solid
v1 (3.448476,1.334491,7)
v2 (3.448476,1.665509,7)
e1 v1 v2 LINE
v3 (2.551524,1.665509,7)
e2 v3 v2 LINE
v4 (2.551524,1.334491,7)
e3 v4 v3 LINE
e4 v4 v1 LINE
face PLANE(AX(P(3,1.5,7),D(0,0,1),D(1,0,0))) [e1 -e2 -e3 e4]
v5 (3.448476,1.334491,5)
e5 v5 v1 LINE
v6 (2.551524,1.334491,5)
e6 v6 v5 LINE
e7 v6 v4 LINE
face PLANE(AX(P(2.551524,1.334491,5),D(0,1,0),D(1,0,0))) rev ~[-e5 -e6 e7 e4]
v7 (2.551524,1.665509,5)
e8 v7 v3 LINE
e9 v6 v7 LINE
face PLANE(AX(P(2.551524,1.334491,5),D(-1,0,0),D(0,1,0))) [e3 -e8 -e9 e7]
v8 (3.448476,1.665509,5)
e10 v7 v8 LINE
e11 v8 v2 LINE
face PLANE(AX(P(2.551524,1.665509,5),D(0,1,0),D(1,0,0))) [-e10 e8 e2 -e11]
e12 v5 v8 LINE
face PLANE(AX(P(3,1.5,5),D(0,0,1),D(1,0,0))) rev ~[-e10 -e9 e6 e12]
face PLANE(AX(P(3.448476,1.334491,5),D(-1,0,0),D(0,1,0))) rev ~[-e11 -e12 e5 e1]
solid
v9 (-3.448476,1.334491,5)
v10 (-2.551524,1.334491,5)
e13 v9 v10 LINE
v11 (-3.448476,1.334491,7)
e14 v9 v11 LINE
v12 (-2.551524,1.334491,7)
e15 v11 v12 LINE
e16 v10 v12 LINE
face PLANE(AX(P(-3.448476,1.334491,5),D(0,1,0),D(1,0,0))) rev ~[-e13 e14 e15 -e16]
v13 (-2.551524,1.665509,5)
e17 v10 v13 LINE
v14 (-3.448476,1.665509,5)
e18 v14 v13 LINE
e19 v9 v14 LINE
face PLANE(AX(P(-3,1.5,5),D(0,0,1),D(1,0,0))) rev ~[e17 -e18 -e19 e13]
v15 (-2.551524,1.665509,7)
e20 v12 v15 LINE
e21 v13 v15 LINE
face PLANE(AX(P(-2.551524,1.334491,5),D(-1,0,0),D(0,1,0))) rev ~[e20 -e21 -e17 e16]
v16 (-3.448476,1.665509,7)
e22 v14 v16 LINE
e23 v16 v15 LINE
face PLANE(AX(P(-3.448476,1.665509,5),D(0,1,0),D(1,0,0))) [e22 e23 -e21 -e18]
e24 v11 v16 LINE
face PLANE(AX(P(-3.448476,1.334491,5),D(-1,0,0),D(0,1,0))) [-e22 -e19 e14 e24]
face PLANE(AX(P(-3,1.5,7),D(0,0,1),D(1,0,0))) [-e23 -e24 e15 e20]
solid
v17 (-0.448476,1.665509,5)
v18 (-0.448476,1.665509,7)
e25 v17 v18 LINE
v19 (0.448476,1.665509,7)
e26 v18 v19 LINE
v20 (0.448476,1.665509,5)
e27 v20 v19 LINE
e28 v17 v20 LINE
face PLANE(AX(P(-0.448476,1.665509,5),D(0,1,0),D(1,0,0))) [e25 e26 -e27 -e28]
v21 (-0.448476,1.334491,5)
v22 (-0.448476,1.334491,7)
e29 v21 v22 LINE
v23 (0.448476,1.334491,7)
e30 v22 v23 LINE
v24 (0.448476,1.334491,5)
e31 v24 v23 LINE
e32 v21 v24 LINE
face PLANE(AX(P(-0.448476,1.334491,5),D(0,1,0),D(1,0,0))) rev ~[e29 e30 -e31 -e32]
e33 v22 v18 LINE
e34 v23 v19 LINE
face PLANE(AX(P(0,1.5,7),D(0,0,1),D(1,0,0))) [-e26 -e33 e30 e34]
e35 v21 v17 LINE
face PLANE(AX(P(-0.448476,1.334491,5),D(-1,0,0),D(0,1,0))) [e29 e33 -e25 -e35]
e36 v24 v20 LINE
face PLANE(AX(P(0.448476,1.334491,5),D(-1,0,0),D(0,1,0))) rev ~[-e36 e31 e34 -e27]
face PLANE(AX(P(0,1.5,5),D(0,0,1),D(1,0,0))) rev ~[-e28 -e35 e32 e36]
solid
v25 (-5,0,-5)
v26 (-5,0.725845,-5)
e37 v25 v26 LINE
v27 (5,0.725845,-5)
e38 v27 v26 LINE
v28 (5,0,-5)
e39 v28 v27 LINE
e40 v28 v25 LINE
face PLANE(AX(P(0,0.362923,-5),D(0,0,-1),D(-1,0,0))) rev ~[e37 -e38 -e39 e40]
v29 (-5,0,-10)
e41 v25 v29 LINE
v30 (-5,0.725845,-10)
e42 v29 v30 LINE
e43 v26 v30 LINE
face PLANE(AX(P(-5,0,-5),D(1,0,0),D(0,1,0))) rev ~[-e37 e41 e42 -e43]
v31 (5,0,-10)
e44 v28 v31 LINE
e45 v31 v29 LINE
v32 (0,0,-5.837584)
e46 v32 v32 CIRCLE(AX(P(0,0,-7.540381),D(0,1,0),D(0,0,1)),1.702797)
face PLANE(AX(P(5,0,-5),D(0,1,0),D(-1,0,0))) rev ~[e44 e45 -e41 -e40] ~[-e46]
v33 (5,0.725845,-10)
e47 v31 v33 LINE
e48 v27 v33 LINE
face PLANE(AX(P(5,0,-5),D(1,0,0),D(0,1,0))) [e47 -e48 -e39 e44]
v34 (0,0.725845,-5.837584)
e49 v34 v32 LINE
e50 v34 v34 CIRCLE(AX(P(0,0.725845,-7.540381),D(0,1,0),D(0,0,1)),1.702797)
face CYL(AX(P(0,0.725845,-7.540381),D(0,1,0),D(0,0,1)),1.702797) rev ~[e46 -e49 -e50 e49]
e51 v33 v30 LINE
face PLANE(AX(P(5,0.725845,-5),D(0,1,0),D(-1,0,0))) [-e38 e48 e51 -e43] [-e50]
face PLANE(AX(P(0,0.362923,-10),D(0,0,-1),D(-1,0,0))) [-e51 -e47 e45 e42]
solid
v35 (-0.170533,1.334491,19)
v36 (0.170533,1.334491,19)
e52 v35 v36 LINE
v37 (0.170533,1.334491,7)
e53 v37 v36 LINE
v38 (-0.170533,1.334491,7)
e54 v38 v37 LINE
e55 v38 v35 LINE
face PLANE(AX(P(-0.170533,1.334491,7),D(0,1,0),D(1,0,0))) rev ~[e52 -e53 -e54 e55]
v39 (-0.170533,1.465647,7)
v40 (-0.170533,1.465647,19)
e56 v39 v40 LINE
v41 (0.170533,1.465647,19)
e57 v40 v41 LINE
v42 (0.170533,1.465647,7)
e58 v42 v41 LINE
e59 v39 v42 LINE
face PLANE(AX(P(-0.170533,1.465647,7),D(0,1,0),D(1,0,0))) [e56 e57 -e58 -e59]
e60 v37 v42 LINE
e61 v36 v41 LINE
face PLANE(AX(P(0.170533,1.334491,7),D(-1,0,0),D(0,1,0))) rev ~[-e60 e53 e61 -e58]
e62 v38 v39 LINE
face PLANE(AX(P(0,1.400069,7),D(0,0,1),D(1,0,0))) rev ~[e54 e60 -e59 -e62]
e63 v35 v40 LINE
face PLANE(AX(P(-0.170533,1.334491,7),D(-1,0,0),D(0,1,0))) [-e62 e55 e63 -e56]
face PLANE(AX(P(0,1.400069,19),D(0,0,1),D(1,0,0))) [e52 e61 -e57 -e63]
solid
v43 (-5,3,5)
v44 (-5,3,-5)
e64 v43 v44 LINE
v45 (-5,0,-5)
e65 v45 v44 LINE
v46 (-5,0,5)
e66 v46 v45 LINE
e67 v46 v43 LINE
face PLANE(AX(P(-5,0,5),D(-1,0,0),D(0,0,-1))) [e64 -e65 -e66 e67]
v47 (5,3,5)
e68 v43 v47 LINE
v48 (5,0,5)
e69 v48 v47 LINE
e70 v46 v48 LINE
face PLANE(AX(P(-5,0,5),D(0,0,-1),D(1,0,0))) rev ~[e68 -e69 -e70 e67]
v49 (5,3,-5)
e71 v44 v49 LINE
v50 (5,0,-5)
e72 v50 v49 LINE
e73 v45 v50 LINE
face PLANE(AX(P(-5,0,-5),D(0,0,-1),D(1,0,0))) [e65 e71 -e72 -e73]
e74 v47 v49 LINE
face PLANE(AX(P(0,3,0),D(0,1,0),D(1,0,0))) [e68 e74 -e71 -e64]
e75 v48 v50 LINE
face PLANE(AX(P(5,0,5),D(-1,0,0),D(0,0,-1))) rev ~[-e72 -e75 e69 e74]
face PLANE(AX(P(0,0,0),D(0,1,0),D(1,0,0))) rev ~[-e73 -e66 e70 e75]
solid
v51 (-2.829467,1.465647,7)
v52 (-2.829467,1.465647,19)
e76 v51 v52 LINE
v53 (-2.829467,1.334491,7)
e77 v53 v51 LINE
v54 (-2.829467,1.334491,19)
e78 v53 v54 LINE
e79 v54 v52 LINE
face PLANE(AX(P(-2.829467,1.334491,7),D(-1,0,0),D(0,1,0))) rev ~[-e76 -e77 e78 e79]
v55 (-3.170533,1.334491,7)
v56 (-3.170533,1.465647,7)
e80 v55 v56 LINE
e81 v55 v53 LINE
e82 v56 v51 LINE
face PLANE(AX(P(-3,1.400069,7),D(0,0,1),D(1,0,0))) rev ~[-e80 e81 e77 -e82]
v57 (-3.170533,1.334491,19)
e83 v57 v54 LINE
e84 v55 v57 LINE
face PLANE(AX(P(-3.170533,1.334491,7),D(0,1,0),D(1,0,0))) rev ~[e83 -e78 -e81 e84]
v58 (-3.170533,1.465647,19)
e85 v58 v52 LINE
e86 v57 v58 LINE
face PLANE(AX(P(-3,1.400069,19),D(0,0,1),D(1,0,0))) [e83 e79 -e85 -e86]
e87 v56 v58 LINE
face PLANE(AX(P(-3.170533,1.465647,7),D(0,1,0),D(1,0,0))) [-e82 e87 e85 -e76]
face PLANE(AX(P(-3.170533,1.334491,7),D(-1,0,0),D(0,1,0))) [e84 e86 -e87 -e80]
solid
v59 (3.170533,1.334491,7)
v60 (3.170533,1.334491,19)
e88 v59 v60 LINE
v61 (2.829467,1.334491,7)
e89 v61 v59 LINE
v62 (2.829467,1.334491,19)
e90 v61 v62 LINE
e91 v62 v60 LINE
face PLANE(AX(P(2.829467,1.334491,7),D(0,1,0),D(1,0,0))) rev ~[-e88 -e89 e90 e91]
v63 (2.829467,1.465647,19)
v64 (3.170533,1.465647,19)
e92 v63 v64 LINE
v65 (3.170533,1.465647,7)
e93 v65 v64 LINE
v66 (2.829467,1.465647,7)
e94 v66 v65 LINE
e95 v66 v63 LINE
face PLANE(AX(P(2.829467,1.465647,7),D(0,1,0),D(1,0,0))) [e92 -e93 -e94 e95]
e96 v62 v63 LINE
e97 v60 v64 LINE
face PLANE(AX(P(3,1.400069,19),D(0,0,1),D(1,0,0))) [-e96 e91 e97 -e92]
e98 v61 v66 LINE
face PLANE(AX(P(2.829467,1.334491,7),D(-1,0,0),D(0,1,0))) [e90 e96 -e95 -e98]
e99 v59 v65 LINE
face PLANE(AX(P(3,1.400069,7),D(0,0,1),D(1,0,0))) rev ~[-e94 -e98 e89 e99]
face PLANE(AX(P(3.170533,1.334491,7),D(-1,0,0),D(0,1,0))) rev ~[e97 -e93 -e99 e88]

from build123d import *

# Parameters (mm, degrees)
SKETCH1_W             = 10
SKETCH1_H             = 10
BOSS_EXTRUDE1_DEPTH   = 3
SKETCH2_W             = 10
SKETCH2_H             = 0.72584538
BOSS_EXTRUDE2_DEPTH   = 5
SKETCH3_W             = 0.89695156
SKETCH3_H             = 0.331017838
BOSS_EXTRUDE3_DEPTH   = 2
BOSS_EXTRUDE3_2_DEPTH = 2
BOSS_EXTRUDE3_3_DEPTH = 2
SKETCH4_W             = 0.341066666
SKETCH4_H             = 0.131155903
BOSS_EXTRUDE4_DEPTH   = 12
BOSS_EXTRUDE4_2_DEPTH = 12
BOSS_EXTRUDE4_3_DEPTH = 12
SKETCH5_R             = 1.702796859
CUT_EXTRUDE1_DEPTH    = 12


with BuildPart() as part:
    # Sketch1 → Boss-Extrude1 (new body)
    with BuildSketch(Plane(origin=(0, 0, 0), x_dir=(1, 0, 0), z_dir=(0, 1, 0))):
        Rectangle(SKETCH1_W, SKETCH1_H)
    extrude(amount=BOSS_EXTRUDE1_DEPTH)


with BuildPart() as body_2:
    # Sketch2 → Boss-Extrude2 (new body)
    with BuildSketch(Plane(origin=(0, 0, -5), x_dir=(-1, 0, 0), z_dir=(0, 0, -1))):
        with Locations((0, 0.36292269)):
            Rectangle(SKETCH2_W, SKETCH2_H)
    extrude(amount=BOSS_EXTRUDE2_DEPTH)

    # Sketch5 → Cut-Extrude1 (cut)
    with BuildSketch(Plane(origin=(0, 0.72584538, 0), x_dir=(1, 0, 0), z_dir=(0, 1, 0))):
        with Locations(Location((0, 7.540381198, 0), (0, 0, 270))):
            Circle(SKETCH5_R)
    extrude(amount=-CUT_EXTRUDE1_DEPTH, mode=Mode.SUBTRACT)


with BuildPart() as body_3:
    # Sketch3 → Boss-Extrude3 (new body)
    with BuildSketch(Plane.XY.offset(5)):
        with Locations((3, 1.5)):
            Rectangle(SKETCH3_W, SKETCH3_H)
    extrude(amount=BOSS_EXTRUDE3_DEPTH)


with BuildPart() as body_4:
    # Sketch3 → Boss-Extrude3 2 (new body)
    with BuildSketch(Plane.XY.offset(5)):
        with Locations((0, 1.5)):
            Rectangle(SKETCH3_W, SKETCH3_H)
    extrude(amount=BOSS_EXTRUDE3_2_DEPTH)


with BuildPart() as body_5:
    # Sketch3 → Boss-Extrude3 3 (new body)
    with BuildSketch(Plane.XY.offset(5)):
        with Locations((-3, 1.5)):
            Rectangle(SKETCH3_W, SKETCH3_H)
    extrude(amount=BOSS_EXTRUDE3_3_DEPTH)


with BuildPart() as body_6:
    # Sketch4 → Boss-Extrude4 (new body)
    with BuildSketch(Plane.XY.offset(7)):
        with Locations((-3, 1.400069033)):
            Rectangle(SKETCH4_W, SKETCH4_H)
    extrude(amount=BOSS_EXTRUDE4_DEPTH)


with BuildPart() as body_7:
    # Sketch4 → Boss-Extrude4 2 (new body)
    with BuildSketch(Plane.XY.offset(7)):
        with Locations((0, 1.400069033)):
            Rectangle(SKETCH4_W, SKETCH4_H)
    extrude(amount=BOSS_EXTRUDE4_2_DEPTH)


with BuildPart() as body_8:
    # Sketch4 → Boss-Extrude4 3 (new body)
    with BuildSketch(Plane.XY.offset(7)):
        with Locations((3, 1.400069033)):
            Rectangle(SKETCH4_W, SKETCH4_H)
    extrude(amount=BOSS_EXTRUDE4_3_DEPTH)


solid = Compound([part.part, body_2.part, body_3.part, body_4.part, body_5.part, body_6.part, body_7.part, body_8.part])
